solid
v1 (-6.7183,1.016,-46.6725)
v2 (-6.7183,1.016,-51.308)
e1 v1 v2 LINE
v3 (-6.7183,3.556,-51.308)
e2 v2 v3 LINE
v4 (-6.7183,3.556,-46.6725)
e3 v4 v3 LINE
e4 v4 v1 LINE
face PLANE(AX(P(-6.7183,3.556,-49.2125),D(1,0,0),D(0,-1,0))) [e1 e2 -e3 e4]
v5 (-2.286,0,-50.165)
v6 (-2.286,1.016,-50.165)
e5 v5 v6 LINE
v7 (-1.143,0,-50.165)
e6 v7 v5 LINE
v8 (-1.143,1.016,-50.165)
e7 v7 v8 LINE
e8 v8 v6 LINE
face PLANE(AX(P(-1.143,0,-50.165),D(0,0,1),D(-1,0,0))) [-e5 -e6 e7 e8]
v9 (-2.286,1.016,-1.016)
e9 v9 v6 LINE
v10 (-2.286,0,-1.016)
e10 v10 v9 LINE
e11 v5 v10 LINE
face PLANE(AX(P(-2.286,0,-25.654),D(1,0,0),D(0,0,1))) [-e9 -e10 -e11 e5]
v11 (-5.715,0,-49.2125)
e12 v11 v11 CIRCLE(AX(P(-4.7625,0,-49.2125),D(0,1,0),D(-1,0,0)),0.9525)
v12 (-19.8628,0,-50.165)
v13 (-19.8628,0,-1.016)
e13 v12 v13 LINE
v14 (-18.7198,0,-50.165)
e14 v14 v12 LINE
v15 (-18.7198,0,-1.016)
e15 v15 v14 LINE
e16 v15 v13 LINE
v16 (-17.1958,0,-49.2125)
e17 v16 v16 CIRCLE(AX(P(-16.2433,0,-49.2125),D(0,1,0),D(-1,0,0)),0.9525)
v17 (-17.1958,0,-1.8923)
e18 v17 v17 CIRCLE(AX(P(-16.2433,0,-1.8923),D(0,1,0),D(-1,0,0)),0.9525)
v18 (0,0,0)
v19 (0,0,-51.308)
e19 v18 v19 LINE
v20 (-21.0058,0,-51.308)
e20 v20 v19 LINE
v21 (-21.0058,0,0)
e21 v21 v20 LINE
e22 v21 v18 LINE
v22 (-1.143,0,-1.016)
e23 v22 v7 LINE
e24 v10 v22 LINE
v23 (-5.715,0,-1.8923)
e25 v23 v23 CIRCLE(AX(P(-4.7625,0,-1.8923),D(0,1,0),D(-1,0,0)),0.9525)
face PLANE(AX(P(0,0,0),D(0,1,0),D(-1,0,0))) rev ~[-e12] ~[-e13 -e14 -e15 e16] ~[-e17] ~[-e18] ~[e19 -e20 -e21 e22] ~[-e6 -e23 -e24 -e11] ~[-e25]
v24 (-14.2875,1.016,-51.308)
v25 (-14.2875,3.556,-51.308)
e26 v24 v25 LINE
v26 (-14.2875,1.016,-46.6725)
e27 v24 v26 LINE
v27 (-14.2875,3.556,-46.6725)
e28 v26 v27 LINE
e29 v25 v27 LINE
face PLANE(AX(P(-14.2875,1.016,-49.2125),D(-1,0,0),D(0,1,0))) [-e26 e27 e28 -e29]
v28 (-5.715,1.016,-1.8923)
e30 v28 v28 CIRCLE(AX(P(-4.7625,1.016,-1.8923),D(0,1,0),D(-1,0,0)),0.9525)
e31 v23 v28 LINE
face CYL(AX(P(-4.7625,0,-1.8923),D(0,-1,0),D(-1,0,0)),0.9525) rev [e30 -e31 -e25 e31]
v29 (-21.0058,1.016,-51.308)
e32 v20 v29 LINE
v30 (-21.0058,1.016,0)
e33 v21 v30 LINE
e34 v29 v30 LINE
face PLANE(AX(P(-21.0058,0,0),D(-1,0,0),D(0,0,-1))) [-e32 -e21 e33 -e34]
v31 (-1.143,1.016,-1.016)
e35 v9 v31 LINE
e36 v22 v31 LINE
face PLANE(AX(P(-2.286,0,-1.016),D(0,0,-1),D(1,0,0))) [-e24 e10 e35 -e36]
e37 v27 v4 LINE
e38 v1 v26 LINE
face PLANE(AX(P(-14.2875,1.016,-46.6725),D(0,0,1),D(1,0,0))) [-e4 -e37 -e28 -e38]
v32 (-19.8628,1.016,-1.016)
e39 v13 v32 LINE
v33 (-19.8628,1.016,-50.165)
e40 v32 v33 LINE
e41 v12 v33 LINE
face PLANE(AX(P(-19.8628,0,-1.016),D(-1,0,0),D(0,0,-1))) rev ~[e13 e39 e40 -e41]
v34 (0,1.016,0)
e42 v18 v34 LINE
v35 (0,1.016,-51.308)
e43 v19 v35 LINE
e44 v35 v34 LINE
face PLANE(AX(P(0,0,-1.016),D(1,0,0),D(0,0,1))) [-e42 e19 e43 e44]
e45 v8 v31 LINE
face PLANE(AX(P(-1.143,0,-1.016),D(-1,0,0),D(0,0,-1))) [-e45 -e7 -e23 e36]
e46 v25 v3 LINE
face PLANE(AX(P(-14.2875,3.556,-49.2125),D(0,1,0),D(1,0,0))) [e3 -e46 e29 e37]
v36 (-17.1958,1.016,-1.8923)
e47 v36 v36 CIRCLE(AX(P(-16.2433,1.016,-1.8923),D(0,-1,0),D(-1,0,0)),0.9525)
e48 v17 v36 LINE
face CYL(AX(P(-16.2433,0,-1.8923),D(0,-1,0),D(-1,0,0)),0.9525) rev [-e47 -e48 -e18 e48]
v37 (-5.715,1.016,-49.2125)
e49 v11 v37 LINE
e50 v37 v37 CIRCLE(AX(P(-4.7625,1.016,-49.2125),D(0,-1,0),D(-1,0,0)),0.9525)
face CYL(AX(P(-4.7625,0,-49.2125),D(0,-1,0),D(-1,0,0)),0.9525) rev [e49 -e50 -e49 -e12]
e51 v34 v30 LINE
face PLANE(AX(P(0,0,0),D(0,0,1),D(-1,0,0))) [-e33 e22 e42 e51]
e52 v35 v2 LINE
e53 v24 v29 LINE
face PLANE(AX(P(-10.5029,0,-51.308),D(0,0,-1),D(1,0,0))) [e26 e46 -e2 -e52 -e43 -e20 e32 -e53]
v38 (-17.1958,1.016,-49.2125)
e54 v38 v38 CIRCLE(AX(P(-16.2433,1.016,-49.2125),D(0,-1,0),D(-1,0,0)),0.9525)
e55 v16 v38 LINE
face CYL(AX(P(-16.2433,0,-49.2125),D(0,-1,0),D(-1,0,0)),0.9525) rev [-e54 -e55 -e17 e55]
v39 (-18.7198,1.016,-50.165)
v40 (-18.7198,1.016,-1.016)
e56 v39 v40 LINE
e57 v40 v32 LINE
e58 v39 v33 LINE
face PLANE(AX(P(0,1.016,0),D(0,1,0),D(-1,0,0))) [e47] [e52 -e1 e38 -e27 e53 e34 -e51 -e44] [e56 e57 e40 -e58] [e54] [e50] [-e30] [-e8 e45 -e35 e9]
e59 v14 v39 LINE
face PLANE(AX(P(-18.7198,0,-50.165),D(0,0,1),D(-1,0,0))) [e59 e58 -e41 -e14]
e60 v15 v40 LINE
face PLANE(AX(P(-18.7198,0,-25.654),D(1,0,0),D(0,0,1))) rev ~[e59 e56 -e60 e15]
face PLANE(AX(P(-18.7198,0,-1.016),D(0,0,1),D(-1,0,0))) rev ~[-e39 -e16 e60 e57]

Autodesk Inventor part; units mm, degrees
ref_plane "YZ Plane" through (0, 0, 0) normal (1, 0, 0) x (0, 1, 0)
ref_plane "XZ Plane" through (0, 0, 0) normal (0, 1, 0) x (-1, 0, 0)
ref_plane "XY Plane" through (0, 0, 0) normal (0, 0, 1) x (1, 0, 0)
sketch "Sketch1" plane through (0, 0, 0) normal (0, 1, 0) x (-1, 0, 0)
  line L0 (0, 0) -> (21.0058, 0)
  line L1 (21.0058, 0) -> (21.0058, -51.308)
  line L2 (21.0058, -51.308) -> (0, -51.308)
  line L3 (0, -51.308) -> (0, 0)
  line L4 (21.0058, -51.308) -> (19.8628, -51.308)
  line L5 (19.8628, -51.308) -> (19.8628, -50.292)
  line L6 (19.8628, -50.292) -> (21.0058, -50.292)
  line L7 (21.0058, -50.292) -> (21.0058, -51.308)
  line L8 (21.0058, -25.654) -> (0, -25.654)
  line L9 (10.5029, -51.308) -> (10.5029, 0)
  line L10 (19.8628, 0) -> (19.8628, -1.016)
  line L11 (19.8628, -1.016) -> (21.0058, -1.016)
  line L12 (1.143, -51.308) -> (1.143, -50.292)
  line L13 (1.143, -50.292) -> (0, -50.292)
  line L14 (1.143, -1.016) -> (0, -1.016)
  line L15 (1.143, 0) -> (1.143, -1.016)
  line L16 (19.8628, -1.016) -> (19.8628, -50.292)
  line L17 (19.8628, -50.292) -> (18.7198, -50.292)
  line L18 (18.7198, -50.292) -> (18.7198, -1.016)
  line L19 (18.7198, -1.016) -> (19.8628, -1.016)
  line L20 (1.143, -1.016) -> (1.143, -50.292)
  line L21 (1.143, -50.292) -> (2.286, -50.292)
  line L22 (2.286, -50.292) -> (2.286, -1.016)
  line L23 (2.286, -1.016) -> (1.143, -1.016)
  line L24 (21.0058, 0) -> (17.1958, 0)
  line L25 (17.1958, 0) -> (17.1958, -0.9398)
  line L26 (17.1958, -0.9398) -> (21.0058, -0.9398)
  line L27 (21.0058, -0.9398) -> (21.0058, 0)
  line L28 (17.1958, -0.9398) -> (15.2908, -0.9398)
  line L29 (15.2908, -0.9398) -> (15.2908, -2.8448)
  line L30 (15.2908, -2.8448) -> (17.1958, -2.8448)
  line L31 (17.1958, -2.8448) -> (17.1958, -0.9398)
  circle A0 centre (16.2433, -1.8923) radius 0.9525
  circle A1 centre (4.7625, -1.8923) radius 0.9525
  line L32 (21.0058, -51.308) -> (0, -51.308)
  line L33 (0, -51.308) -> (0, -50.165)
  line L34 (0, -50.165) -> (21.0058, -50.165)
  line L35 (21.0058, -50.165) -> (21.0058, -51.308)
  line L36 (21.0058, -50.165) -> (17.1958, -50.165)
  line L37 (17.1958, -50.165) -> (15.2908, -50.165)
  line L38 (15.2908, -50.165) -> (15.2908, -48.26)
  line L39 (15.2908, -48.26) -> (17.1958, -48.26)
  line L40 (17.1958, -48.26) -> (17.1958, -50.165)
  circle A2 centre (16.2433, -49.2125) radius 0.9525
  circle A3 centre (4.7625, -49.2125) radius 0.9525
  point P0 (19.8628, -50.165)
  point P1 (18.7198, -50.165)
  point P2 (2.286, -50.165)
  point P3 (1.143, -50.165)
  dimension "d0" = 21.0058
  dimension "d1" = 51.308
  dimension "d2" = 1.143
  dimension "d3" = 1.016
  dimension "d4" = 1.143
  dimension "d7" = 3.81
  dimension "d8" = 0.9398
  dimension "d9" = 1.905
  dimension "d10" = 1.905
  dimension "d11" = 1.143
  dimension "d12" = 3.81
  dimension "d13" = 1.905
  dimension "d14" = 1.905
extrude "Extrusion1" add sketch "Sketch1" along normal blind 1.016 contours L0 L15 L14 L3 | L0 L9 L8 L22 L23 L15 | L14 L20 L8 L3 | L31 A0 L28 | L0 L25 L26 L10 L19 L18 L8 L9 | L8 L20 L34 L3 | L0 L10 L26 L25 | L9 L34 L22 L8 | L8 L18 L34 L40 L39 L38 L9 | L34 L20 L13 L3 | L0 L1 L26 L10 | L34 L18 L17 L5 L2 L9 | L9 L2 L12 L21 L22 L34 | L34 L22 L21 L20 | L13 L12 L2 L3 | L26 L1 L11 L10 | A0 L29 L28 | L31 L30 A0 | L16 L11 L1 L8 | L8 L1 L34 L16 | L34 L16 L17 L18 | L38 A2 L34 | A0 L30 L29 | L34 L1 L6 L16 | L34 A2 L40 | L5 L6 L1 L2 | L38 L39 A2 | A2 L39 L40
sketch "Sketch2" plane through (0, 1.016, 0) normal (0, 1, 0) x (1, 0, 0)
  line L0 (0, 51.308) -> (-21.0058, 51.308) projected
  line L1 (-10.5029, 51.308) -> (-14.2875, 51.308)
  line L2 (-14.2875, 51.308) -> (-14.2875, 49.2125)
  line L3 (-14.2875, 49.2125) -> (-10.5029, 49.2125)
  line L4 (-10.5029, 49.2125) -> (-10.5029, 51.308)
  line L5 (-21.0058, 51.308) -> (0, 51.308)
  line L6 (-6.7183, 51.308) -> (-6.7183, 49.2125)
  line L7 (-6.7183, 49.2125) -> (-10.5029, 49.2125)
  point P0 (0, 0)
extrude "Extrusion2" add sketch "Sketch2" along normal blind 2.54
sketch "Sketch3" plane through (-14.2875, 1.016, -49.2125) normal (0, 0, 1) x (1, 0, 0)
  line L0 (0, 2.54) -> (7.5692, 2.54) projected
  line L1 (7.5692, 0) -> (0, 0) projected
  line L2 (0, 2.54) -> (7.5692, 2.54)
  line L3 (7.5692, 2.54) -> (7.5692, 0)
  line L4 (7.5692, 0) -> (0, 0)
  line L5 (0, 0) -> (0, 2.54)
  point P0 (14.2875, -1.016)
extrude "Extrusion3" add sketch "Sketch3" along normal blind 2.54
properties part number "RaspPi-Pico"
